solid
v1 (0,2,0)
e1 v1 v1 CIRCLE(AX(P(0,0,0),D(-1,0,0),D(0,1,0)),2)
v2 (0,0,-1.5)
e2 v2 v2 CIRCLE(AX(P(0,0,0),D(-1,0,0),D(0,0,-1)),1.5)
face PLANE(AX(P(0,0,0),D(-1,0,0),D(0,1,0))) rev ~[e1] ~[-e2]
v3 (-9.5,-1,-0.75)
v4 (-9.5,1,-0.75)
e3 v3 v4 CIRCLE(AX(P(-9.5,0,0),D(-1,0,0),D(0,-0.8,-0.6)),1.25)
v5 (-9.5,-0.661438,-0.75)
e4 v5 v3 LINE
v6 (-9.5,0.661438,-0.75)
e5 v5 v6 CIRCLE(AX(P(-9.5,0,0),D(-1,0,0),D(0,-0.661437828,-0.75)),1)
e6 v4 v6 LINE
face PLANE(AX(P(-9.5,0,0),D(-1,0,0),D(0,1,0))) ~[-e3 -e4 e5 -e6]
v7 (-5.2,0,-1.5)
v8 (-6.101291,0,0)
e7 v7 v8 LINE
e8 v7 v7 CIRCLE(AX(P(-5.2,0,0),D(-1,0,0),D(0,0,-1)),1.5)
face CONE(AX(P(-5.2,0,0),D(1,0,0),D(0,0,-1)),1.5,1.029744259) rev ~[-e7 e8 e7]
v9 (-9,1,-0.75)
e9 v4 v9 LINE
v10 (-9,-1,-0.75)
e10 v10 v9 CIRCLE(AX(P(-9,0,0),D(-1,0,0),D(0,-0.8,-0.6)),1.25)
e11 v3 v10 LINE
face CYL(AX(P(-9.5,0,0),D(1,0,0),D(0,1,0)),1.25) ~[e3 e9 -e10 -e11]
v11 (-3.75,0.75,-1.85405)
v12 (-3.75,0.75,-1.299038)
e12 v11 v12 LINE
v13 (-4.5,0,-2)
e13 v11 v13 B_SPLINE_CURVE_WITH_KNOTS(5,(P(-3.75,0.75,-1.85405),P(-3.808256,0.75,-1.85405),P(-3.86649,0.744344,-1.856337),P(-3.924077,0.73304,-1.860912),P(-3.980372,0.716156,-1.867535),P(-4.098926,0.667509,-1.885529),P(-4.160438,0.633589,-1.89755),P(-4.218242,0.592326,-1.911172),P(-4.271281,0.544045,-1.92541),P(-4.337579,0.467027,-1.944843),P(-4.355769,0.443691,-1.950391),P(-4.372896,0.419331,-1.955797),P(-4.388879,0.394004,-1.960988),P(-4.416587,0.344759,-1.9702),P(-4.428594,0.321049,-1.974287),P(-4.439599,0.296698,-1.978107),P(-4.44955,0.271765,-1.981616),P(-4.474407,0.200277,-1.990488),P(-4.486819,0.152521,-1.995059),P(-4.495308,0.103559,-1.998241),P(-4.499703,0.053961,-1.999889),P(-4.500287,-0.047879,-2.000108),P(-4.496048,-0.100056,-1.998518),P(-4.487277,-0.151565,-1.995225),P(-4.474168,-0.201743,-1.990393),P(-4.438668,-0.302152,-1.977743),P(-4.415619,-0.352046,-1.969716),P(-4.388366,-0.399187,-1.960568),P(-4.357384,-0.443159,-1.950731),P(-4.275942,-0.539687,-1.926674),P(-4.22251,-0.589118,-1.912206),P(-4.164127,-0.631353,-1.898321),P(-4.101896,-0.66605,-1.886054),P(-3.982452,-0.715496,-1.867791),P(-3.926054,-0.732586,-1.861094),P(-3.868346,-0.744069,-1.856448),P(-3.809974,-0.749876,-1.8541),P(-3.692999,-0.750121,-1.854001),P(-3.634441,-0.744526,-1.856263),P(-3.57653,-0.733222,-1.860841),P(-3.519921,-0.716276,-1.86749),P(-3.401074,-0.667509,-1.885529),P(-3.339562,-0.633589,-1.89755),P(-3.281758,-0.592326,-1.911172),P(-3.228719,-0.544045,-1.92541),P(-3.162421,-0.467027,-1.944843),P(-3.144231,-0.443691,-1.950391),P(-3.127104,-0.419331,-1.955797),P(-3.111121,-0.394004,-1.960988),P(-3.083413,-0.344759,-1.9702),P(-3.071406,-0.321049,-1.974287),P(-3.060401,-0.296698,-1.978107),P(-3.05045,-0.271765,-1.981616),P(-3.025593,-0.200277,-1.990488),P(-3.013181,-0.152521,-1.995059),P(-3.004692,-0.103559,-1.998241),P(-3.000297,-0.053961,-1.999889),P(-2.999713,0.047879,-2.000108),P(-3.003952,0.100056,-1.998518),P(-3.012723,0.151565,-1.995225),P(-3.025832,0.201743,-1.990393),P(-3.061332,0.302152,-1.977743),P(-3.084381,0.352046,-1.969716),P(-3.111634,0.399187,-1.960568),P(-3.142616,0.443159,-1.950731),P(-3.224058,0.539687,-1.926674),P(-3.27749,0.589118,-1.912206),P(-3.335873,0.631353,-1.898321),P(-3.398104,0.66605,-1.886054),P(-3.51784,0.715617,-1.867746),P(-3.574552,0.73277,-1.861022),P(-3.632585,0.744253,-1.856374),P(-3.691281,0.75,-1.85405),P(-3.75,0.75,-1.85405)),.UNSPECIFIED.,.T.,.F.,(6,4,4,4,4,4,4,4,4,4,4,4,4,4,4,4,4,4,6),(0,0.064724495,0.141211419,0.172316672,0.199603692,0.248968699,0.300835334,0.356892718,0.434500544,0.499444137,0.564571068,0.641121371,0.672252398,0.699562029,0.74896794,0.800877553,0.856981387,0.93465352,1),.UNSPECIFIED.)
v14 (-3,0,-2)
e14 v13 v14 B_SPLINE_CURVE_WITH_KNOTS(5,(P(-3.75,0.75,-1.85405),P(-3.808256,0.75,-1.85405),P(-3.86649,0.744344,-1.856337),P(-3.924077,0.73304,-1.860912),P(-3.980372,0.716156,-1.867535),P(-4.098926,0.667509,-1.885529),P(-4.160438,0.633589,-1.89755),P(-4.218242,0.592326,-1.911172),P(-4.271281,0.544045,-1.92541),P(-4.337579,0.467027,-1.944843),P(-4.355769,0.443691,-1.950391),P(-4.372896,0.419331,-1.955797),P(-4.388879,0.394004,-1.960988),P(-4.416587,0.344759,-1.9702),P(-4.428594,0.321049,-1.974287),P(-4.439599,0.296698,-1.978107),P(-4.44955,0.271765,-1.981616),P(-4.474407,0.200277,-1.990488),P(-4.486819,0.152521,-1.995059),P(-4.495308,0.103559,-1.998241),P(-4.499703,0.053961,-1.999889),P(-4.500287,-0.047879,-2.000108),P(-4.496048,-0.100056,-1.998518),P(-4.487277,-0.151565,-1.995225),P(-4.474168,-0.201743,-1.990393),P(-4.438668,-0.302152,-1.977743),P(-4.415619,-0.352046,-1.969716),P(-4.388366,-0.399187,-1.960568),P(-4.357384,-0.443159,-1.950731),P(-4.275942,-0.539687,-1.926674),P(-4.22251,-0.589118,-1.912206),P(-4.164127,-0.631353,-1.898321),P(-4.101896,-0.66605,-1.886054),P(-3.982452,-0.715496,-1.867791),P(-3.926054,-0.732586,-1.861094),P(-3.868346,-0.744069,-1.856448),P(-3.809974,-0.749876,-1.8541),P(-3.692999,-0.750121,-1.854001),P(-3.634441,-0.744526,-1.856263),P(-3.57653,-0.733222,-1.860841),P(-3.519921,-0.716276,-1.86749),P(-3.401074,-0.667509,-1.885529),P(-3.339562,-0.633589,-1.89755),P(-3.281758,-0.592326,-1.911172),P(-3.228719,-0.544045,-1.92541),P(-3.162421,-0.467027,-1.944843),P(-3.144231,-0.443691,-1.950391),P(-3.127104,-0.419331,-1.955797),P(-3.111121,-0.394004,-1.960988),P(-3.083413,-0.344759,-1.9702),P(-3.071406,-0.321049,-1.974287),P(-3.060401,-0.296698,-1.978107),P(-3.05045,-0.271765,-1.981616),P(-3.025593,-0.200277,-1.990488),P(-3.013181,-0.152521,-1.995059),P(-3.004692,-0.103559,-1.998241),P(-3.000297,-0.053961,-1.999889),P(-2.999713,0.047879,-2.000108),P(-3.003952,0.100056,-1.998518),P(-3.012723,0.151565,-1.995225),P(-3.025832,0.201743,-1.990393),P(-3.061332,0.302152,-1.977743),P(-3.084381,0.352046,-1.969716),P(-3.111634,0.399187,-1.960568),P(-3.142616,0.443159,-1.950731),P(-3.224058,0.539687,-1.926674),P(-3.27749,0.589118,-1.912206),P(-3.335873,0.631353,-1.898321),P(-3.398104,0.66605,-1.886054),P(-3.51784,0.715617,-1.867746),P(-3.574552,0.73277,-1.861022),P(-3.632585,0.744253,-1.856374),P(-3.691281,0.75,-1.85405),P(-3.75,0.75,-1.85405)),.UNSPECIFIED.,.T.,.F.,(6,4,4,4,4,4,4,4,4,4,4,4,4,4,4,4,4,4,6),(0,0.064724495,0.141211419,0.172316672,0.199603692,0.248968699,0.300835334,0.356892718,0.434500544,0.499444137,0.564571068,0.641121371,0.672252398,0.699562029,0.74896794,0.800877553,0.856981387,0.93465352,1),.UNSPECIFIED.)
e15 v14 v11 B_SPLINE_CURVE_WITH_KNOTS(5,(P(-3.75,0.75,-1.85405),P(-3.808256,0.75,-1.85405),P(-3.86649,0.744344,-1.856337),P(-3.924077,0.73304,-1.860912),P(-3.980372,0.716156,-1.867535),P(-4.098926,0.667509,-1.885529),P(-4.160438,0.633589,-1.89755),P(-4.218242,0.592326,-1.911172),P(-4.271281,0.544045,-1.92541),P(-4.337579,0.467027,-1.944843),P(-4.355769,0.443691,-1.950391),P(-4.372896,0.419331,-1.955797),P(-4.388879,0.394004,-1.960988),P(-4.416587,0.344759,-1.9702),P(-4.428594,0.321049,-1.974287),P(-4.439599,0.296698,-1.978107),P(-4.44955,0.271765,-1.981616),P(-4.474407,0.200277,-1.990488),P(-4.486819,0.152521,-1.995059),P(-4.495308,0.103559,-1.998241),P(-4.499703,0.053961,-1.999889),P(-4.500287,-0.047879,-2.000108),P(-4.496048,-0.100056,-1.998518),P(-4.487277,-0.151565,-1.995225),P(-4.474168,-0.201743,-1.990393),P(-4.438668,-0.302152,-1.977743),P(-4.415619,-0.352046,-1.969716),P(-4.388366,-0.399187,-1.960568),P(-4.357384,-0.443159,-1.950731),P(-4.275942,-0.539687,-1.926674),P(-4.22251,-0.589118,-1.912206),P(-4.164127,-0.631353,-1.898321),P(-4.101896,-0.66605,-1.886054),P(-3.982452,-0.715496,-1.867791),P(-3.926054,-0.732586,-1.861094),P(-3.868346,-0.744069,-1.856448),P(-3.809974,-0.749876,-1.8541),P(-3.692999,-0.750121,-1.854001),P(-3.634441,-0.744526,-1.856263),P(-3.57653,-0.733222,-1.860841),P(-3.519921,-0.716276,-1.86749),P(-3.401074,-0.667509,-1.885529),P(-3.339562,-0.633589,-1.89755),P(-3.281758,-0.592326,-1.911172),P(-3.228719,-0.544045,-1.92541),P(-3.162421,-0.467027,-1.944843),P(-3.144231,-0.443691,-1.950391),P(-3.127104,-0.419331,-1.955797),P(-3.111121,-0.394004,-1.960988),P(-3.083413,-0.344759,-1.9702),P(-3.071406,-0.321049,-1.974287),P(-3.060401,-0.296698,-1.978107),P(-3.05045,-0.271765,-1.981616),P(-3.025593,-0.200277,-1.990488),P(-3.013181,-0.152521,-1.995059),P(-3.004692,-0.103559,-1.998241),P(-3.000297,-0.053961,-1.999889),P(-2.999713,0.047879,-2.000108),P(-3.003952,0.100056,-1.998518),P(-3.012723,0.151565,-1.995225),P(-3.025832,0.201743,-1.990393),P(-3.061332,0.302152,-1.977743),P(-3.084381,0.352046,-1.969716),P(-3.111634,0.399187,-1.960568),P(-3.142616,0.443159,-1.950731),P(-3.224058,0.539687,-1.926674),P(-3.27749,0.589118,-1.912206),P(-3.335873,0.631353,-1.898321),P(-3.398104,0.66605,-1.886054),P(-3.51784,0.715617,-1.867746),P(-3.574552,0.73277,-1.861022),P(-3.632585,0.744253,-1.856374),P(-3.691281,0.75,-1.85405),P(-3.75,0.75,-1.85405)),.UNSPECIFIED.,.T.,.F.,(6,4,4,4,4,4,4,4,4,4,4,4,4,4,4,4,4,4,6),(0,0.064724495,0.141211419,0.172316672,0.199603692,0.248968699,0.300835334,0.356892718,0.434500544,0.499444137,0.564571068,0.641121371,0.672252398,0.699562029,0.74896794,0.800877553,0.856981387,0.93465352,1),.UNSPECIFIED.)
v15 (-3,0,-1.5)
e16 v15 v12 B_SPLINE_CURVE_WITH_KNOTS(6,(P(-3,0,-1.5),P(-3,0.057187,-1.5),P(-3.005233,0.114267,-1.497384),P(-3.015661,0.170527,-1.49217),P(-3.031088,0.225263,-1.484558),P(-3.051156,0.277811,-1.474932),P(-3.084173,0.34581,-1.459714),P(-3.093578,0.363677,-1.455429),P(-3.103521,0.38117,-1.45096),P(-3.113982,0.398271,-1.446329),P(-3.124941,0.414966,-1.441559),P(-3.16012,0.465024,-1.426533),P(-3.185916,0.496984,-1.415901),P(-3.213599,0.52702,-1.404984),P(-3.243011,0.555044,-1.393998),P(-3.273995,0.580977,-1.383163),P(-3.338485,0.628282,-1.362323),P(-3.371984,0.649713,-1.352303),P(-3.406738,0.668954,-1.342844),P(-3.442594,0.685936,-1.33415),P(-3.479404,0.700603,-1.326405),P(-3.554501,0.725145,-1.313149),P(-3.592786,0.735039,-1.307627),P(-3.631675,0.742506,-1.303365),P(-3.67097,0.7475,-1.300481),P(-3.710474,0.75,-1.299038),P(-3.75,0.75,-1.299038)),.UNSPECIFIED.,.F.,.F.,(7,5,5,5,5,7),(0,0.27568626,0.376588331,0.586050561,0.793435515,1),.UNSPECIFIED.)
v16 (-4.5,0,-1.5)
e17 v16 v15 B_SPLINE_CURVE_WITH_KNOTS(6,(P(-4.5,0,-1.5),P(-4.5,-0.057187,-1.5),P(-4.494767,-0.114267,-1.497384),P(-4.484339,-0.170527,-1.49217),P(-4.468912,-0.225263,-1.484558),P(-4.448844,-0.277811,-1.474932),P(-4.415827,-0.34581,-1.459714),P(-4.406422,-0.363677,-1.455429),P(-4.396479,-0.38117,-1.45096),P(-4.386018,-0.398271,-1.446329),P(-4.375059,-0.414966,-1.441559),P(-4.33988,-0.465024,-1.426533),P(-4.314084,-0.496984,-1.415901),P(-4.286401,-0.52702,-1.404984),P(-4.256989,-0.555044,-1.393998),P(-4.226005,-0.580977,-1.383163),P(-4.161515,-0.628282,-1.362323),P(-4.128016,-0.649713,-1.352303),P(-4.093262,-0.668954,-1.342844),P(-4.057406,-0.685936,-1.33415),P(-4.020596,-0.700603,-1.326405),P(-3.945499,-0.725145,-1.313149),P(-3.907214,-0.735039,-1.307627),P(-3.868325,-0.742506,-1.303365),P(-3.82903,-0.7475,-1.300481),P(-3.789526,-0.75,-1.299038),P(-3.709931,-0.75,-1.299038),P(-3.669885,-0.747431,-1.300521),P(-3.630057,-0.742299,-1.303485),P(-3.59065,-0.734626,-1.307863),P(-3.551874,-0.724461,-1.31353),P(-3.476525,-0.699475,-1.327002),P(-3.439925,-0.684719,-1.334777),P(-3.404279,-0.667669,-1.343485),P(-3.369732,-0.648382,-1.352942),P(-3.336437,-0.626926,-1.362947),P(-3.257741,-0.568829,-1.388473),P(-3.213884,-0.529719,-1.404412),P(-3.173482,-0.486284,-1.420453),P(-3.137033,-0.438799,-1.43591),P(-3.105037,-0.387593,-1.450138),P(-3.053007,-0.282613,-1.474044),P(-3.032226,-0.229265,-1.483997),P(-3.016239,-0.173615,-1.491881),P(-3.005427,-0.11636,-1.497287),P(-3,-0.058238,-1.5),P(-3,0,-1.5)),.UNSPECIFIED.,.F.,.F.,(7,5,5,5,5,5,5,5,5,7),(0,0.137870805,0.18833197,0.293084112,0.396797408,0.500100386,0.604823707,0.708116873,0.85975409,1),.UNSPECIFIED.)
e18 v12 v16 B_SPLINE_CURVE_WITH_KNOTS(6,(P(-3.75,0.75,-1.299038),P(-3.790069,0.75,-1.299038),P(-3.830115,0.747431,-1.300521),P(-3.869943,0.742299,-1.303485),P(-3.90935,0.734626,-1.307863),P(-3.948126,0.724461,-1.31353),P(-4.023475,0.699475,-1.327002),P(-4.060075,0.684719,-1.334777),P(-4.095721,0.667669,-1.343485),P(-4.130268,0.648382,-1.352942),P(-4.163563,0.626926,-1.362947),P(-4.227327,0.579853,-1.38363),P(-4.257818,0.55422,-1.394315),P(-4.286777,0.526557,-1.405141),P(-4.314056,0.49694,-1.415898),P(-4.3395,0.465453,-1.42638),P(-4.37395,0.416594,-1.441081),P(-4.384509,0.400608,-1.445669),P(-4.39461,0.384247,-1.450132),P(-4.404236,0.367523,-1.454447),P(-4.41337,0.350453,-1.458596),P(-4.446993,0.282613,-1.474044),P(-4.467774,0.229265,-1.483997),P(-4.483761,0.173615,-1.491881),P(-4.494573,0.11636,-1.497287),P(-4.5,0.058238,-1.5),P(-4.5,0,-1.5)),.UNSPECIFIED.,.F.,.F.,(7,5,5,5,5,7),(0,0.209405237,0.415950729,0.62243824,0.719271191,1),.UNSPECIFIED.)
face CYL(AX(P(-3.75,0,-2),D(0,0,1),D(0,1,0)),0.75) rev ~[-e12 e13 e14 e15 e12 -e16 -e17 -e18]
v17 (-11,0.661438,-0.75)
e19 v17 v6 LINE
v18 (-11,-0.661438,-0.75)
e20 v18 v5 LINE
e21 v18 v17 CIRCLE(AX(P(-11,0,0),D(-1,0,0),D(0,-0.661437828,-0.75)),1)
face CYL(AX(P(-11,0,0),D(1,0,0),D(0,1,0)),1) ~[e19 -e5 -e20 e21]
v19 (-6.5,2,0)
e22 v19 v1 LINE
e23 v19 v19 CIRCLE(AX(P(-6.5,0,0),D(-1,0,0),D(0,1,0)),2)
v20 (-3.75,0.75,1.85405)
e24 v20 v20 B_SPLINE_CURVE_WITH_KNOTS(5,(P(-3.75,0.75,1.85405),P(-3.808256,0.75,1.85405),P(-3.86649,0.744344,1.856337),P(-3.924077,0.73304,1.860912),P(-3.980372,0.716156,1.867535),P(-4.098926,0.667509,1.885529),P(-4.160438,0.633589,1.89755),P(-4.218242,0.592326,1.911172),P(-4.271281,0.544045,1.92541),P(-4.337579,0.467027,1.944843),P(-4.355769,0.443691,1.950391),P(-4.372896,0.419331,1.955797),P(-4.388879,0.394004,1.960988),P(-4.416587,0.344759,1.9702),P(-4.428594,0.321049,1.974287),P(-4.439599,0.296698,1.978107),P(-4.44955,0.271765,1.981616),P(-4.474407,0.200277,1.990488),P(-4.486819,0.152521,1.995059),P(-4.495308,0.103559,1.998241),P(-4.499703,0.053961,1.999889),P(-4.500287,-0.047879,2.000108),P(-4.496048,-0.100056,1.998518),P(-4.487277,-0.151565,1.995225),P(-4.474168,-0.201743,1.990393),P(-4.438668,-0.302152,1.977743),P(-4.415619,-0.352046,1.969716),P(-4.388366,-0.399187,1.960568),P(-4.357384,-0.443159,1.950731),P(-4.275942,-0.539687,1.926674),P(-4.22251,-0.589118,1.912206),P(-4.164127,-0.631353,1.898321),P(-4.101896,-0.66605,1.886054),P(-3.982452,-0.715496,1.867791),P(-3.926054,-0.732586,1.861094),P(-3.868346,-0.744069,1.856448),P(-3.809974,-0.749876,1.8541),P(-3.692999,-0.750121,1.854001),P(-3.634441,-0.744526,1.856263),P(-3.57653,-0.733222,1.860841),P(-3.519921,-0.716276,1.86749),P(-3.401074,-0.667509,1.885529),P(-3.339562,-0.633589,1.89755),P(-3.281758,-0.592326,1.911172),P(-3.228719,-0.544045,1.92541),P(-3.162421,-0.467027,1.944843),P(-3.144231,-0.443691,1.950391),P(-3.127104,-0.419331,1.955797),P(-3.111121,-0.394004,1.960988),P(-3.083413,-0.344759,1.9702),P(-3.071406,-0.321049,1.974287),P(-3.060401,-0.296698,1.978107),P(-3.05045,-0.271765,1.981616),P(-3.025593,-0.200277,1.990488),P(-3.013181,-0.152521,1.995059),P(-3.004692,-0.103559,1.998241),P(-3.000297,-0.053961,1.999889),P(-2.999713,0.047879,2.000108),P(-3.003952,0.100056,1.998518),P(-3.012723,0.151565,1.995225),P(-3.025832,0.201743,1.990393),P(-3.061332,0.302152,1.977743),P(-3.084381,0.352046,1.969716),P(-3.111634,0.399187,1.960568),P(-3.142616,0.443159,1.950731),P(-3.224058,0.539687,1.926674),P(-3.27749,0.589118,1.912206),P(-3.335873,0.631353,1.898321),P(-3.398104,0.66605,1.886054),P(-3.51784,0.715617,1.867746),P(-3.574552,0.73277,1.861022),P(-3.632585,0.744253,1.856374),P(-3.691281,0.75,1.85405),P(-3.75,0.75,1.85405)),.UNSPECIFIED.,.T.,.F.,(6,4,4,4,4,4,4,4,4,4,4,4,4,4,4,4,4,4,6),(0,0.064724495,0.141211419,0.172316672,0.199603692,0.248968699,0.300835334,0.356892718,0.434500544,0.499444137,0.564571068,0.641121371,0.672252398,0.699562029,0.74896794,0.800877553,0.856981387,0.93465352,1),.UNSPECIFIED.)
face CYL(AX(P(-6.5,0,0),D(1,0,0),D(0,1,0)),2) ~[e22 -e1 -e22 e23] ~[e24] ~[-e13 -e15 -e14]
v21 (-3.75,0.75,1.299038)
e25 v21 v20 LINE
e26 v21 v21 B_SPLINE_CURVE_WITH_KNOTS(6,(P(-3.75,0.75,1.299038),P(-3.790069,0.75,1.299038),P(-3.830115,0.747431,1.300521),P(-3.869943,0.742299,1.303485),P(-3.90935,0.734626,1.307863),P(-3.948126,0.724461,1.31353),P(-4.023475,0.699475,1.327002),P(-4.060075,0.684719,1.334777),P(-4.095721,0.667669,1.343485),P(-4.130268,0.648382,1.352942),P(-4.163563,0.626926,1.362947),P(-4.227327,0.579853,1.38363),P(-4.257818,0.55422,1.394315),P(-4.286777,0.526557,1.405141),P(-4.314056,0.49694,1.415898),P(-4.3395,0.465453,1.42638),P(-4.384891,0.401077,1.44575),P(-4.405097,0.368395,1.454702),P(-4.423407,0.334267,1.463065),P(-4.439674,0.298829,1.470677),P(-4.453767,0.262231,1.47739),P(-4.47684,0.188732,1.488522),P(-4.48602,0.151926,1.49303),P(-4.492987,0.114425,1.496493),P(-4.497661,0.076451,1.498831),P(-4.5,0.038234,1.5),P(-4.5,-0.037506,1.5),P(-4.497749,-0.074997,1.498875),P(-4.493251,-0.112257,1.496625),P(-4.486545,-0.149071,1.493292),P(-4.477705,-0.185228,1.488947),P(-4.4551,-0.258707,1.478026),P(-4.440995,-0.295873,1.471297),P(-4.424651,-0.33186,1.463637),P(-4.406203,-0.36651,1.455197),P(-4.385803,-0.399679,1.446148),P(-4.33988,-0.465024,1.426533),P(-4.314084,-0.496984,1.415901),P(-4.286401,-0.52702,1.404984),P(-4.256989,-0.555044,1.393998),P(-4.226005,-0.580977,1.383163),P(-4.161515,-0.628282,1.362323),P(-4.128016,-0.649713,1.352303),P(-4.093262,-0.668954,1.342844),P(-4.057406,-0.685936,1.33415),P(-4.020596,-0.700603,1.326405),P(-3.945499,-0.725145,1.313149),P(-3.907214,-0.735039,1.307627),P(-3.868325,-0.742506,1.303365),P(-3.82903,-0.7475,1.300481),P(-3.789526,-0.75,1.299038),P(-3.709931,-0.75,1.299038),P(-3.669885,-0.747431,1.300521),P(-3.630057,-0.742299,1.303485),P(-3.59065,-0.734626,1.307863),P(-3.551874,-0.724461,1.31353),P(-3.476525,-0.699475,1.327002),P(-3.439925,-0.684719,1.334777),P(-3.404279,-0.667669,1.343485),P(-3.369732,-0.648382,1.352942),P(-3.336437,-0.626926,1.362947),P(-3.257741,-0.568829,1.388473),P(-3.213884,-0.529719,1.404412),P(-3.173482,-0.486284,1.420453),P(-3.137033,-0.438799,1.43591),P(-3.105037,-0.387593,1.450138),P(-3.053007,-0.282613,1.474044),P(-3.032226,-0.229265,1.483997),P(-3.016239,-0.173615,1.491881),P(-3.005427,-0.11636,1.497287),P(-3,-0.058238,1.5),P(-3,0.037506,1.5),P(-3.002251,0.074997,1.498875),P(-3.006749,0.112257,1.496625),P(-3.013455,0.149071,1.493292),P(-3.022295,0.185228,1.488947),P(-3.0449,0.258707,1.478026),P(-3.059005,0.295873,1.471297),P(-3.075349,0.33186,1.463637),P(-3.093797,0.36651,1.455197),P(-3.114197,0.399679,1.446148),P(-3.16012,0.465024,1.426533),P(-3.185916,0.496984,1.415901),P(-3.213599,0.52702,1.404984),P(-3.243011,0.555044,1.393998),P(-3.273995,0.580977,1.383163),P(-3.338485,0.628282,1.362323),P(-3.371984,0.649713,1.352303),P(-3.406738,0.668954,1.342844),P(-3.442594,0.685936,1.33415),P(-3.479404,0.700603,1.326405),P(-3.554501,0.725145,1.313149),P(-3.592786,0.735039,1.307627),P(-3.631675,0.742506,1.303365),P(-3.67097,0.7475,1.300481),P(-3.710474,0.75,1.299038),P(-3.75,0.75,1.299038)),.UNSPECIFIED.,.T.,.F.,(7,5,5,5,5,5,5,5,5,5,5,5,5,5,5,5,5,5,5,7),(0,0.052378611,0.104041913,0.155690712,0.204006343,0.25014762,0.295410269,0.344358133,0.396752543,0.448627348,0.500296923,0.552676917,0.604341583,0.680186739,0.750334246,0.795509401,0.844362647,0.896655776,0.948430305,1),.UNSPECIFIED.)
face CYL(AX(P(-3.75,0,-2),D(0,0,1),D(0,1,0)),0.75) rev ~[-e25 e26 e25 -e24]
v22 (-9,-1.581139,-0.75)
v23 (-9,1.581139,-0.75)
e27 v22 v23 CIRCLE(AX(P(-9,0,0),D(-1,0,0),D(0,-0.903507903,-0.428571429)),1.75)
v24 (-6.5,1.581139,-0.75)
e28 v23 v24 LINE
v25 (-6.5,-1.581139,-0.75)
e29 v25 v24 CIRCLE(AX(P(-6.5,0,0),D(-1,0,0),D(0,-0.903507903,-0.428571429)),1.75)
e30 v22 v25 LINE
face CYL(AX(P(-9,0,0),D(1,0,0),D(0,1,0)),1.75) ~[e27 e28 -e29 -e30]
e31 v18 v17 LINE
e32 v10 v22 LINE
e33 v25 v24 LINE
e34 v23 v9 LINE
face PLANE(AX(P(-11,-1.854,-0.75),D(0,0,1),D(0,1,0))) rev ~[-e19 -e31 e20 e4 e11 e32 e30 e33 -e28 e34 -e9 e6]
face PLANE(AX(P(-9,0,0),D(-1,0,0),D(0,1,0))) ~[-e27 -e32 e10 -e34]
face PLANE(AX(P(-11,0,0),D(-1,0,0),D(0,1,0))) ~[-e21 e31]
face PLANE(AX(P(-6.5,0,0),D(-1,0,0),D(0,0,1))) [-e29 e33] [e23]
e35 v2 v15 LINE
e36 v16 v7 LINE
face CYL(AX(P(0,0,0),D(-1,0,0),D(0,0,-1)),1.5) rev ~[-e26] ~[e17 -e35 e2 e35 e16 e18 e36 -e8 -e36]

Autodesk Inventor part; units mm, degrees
ref_plane "YZ Plane" through (0, 0, 0) normal (1, 0, 0) x (0, 1, 0)
ref_plane "XZ Plane" through (0, 0, 0) normal (0, 1, 0) x (-1, 0, 0)
sketch "Sketch1" plane through (0, 0, 0) normal (0, 0, 1) x (1, 0, 0)
  line L0 (0, 0) -> (-11, 0)
  line L1 (-11, 0) -> (-11, 1)
  line L2 (-11, 1) -> (-9.5, 1)
  line L3 (-9.5, 1) -> (-9.5, 1.25)
  line L4 (-9.5, 1.25) -> (-9, 1.25)
  line L5 (-9, 1.25) -> (-9, 1.75)
  line L6 (-9, 1.75) -> (-6.5, 1.75)
  line L7 (-6.5, 1.75) -> (-6.5, 2)
  line L8 (-6.5, 2) -> (0, 2)
  line L9 (0, 2) -> (0, 0)
  dimension "d1" = 4
  dimension "d2" = 2
  dimension "d3" = 2.5
  dimension "d4" = 3.5
  dimension "d7" = 2.5
  dimension "d8" = 0.5
  dimension "d9" = 1.5
  dimension "d23" = 6.5
revolve "Revolution1" add sketch "Sketch1" angle 360 about axis through (0, 0, 0) along (-1, 0, 0)
hole "motor shaft" at (0, 0, 0) direction (-1, 0, 0) diameter 3 depth 5.2 tip angle 118
sketch "Sketch2" plane through (-11, 0, 0) normal (-1, 0, 0) x (0, 0, 1)
  circle A0 centre (0, 0) radius 2 projected
  line L0 (-0.75, -1.854) -> (-0.75, 1.854)
  dimension "d11" = 0.75
extrude "D" cut sketch "Sketch2" against normal up to surface (4.5 mm away) contours L0 A0 picked at (-1.1667, 0)
ref_plane "Work Plane1" through (-3.25, 0, -2) normal (0, 0, 1) x (1, 0, 0)
sketch "Sketch3" plane through (-3.25, 0, -2) normal (0, 0, 1) x (1, 0, 0)
  point P0 (3.25, 0)
  point P1 (-0.5, 0)
  dimension "d14" = 3.75
hole "Hole1" at (-3.75, 0, -2) direction (0, 0, 1) diameter 1.5 end through all
properties part number "drive shaft" material "Stainless Steel"
